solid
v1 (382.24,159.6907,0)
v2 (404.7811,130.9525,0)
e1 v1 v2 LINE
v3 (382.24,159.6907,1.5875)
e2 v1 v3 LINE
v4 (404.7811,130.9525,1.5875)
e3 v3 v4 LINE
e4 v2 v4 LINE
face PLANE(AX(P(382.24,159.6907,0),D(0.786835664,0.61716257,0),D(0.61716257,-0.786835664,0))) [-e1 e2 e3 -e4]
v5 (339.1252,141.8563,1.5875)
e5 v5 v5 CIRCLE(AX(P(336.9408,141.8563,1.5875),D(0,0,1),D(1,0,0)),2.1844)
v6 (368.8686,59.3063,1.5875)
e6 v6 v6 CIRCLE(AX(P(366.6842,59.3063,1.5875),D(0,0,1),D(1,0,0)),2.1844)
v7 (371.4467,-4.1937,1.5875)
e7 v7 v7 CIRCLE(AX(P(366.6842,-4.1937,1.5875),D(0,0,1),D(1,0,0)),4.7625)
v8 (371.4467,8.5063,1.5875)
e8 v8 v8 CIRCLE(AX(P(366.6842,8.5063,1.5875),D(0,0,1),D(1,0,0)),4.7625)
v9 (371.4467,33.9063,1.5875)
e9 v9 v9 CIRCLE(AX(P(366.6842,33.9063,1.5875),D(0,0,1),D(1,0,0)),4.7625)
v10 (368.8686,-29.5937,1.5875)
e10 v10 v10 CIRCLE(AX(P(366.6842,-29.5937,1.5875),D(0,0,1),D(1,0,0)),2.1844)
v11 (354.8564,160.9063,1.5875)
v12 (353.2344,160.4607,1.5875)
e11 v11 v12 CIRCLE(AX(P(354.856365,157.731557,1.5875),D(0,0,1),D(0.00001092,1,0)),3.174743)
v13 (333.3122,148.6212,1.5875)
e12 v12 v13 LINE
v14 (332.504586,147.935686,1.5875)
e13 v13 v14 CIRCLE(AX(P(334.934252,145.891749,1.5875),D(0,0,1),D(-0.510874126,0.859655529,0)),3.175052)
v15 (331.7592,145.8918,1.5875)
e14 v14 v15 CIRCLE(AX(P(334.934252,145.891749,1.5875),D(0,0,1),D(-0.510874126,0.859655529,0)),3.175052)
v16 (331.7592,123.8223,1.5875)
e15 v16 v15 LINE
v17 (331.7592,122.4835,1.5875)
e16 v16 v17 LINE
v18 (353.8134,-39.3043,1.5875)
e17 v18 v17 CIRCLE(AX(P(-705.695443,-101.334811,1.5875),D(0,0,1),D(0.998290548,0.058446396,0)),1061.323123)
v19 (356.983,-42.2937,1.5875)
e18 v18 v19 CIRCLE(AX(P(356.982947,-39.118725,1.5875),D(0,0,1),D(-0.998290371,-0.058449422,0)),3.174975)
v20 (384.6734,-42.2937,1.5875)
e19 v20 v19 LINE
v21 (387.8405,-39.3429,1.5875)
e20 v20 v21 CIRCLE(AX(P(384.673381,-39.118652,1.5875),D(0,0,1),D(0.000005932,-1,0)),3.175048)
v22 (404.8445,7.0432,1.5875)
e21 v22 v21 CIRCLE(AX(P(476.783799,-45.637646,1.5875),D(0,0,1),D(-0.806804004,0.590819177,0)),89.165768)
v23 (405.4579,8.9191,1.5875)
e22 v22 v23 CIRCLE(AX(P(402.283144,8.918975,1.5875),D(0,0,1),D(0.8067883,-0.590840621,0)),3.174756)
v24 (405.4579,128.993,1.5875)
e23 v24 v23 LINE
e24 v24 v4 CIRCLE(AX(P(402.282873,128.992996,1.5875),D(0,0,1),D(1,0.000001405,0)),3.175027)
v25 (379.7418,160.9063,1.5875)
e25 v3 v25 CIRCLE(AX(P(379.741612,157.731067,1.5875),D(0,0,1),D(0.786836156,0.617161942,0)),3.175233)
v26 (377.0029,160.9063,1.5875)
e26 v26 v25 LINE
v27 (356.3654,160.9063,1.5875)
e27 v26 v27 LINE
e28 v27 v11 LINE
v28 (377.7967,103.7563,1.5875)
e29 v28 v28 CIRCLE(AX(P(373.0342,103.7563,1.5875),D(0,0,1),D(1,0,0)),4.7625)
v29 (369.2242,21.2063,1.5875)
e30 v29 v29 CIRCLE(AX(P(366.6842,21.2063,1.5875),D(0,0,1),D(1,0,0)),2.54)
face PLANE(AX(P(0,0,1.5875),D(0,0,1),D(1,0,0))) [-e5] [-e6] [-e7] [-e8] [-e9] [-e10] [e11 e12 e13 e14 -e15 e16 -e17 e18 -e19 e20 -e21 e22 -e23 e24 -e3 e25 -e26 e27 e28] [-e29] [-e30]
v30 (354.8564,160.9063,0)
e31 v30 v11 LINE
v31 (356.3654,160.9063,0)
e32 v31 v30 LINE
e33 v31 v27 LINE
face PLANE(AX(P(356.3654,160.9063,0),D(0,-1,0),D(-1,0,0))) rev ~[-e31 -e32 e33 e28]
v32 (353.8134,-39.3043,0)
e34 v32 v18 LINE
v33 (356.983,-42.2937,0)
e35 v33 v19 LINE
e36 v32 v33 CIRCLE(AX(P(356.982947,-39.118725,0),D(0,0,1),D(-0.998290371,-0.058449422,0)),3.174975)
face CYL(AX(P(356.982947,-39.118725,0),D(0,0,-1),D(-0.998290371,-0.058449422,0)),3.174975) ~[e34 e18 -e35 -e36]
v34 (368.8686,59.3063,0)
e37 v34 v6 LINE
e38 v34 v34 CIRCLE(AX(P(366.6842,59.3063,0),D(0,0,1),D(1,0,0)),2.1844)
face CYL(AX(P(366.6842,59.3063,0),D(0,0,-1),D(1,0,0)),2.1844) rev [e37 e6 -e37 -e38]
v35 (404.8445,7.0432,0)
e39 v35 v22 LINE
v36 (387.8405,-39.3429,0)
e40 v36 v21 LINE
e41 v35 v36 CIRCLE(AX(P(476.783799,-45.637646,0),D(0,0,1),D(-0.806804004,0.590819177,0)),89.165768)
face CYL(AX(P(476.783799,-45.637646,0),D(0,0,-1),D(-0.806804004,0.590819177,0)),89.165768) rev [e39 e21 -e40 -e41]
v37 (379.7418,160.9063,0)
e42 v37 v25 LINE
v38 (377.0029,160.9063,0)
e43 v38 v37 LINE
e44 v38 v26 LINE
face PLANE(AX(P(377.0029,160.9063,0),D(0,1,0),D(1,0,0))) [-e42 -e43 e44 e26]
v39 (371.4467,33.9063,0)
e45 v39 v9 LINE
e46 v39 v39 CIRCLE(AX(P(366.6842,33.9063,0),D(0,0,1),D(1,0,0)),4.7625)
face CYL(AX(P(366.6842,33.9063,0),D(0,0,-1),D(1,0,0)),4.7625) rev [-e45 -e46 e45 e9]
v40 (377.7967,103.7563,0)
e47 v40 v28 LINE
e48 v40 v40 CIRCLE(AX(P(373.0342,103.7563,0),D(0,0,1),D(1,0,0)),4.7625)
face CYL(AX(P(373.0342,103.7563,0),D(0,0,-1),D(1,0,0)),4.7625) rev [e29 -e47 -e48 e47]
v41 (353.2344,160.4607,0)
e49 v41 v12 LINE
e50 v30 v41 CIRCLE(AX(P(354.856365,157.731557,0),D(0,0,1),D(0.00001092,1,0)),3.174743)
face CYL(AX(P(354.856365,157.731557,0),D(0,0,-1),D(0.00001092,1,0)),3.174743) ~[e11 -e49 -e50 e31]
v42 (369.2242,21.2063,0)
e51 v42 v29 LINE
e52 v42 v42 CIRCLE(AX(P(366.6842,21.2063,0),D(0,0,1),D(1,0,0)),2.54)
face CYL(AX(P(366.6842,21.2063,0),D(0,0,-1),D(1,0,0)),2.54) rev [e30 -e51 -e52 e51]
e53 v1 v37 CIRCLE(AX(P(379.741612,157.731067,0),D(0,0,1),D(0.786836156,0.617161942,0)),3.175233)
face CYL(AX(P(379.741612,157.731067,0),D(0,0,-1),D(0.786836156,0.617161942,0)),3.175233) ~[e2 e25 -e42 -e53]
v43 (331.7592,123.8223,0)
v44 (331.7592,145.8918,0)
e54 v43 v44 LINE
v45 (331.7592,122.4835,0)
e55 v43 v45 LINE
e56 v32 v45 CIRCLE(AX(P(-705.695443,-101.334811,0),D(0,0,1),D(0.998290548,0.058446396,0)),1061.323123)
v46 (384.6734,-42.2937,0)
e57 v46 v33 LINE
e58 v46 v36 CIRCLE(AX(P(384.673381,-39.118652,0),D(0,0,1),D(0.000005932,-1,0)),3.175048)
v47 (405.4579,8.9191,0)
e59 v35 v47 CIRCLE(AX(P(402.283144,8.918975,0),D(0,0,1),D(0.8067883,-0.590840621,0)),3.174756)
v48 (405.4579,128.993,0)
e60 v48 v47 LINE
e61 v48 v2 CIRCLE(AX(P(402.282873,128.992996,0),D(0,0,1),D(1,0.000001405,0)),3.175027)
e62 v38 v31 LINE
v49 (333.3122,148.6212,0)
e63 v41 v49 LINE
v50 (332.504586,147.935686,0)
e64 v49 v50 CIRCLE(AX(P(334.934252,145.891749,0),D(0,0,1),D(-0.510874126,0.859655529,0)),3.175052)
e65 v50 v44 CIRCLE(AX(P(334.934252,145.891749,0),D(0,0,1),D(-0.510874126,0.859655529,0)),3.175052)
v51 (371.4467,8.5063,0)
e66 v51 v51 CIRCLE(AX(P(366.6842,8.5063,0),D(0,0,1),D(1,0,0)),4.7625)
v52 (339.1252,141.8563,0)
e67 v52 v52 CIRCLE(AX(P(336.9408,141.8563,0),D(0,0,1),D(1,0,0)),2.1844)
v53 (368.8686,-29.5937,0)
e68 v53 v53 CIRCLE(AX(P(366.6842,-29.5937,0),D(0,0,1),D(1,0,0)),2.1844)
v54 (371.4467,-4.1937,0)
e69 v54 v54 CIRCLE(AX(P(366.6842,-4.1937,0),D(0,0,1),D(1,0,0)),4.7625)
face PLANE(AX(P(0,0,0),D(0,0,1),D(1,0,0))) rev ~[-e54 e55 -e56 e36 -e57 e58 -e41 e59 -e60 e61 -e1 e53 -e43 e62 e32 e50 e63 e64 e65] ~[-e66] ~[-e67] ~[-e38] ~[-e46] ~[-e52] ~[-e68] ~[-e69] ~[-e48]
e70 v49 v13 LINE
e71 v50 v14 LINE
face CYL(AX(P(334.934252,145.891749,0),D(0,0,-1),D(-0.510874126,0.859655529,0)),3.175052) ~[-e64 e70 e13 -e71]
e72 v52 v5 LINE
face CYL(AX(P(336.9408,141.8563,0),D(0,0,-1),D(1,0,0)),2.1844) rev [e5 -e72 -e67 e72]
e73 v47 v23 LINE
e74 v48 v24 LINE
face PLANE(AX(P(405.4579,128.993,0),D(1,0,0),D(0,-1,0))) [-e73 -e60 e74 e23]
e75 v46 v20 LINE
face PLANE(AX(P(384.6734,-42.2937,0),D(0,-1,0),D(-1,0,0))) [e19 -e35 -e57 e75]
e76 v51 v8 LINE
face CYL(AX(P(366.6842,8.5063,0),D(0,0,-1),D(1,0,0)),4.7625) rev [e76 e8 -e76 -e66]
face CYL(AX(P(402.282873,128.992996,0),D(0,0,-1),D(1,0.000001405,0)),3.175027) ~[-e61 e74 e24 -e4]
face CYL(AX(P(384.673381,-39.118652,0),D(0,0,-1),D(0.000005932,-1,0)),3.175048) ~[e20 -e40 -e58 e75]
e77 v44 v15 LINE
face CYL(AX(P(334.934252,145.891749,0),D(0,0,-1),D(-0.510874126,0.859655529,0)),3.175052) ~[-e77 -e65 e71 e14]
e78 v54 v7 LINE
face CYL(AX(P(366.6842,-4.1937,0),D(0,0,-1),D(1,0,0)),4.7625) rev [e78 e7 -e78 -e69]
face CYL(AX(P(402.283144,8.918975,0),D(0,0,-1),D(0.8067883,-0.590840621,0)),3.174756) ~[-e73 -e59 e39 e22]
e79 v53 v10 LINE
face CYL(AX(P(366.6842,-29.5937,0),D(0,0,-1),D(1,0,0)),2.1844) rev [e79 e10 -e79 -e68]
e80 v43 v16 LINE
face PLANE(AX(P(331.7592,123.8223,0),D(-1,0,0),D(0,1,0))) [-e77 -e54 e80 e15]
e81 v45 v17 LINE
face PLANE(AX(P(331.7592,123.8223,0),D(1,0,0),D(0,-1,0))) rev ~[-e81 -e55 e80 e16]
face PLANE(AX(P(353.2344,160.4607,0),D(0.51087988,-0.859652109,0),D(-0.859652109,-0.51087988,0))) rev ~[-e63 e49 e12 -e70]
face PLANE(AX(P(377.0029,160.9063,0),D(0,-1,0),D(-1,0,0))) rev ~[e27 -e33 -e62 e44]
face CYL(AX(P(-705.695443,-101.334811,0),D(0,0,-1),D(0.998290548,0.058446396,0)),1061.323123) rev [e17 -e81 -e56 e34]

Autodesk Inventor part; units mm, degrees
ref_plane "YZ Plane" through (0, 0, 0) normal (1, 0, 0) x (0, 1, 0)
ref_plane "XZ Plane" through (0, 0, 0) normal (0, 1, 0) x (-1, 0, 0)
ref_plane "XY Plane" through (0, 0, 0) normal (0, 0, 1) x (1, 0, 0)
sketch "Sketch1" plane through (0, 0, 0) normal (0, 0, 1) x (1, 0, 0)
  line L0 (377.0029, 160.9063) -> (356.3654, 160.9063)
  circle A0 centre (336.9408, 141.8563) radius 2.1844
  line L1 (331.7592, 123.8223) -> (331.7592, 147.1903)
  line L2 (331.7592, 147.1903) -> (332.7752, 148.2063)
  line L3 (332.7752, 148.2063) -> (342.0779, 148.2063)
  line L4 (356.3654, 160.9063) -> (353.9842, 160.9063)
  line L5 (354.8564, 160.9063) -> (379.7418, 160.9063)
  line L6 (382.24, 159.6907) -> (404.7811, 130.9525)
  line L7 (405.4579, 128.993) -> (405.4579, 8.9191)
  line L8 (353.2344, 160.4607) -> (333.3122, 148.6212)
  line L9 (331.7592, 145.8918) -> (331.7592, 122.4835)
  arc A1 (404.8445, 7.0432) -> (387.8405, -39.3429) centre (476.7839, -45.6377) ccw
  line L10 (384.6734, -42.2937) -> (356.983, -42.2937)
  arc A2 (353.8134, -39.3043) -> (331.7592, 122.4835) centre (-705.6943, -101.3347) ccw
  arc A3 (333.3122, 148.6212) -> (331.7592, 145.8918) centre (334.9342, 145.8918) ccw
  arc A4 (354.8564, 160.9063) -> (353.2344, 160.4607) centre (354.8564, 157.7313) ccw
  arc A5 (382.24, 159.6907) -> (379.7418, 160.9063) centre (379.7418, 157.7313) ccw
  arc A6 (405.4579, 128.993) -> (404.7811, 130.9525) centre (402.2829, 128.993) ccw
  arc A7 (404.8445, 7.0432) -> (405.4579, 8.9191) centre (402.2829, 8.9191) ccw
  arc A8 (384.6734, -42.2937) -> (387.8405, -39.3429) centre (384.6734, -39.1187) ccw
  arc A9 (353.8134, -39.3043) -> (356.983, -42.2937) centre (356.983, -39.1187) ccw
  circle A10 centre (373.0342, 103.7563) radius 4.7625
  circle A11 centre (366.6842, 59.3063) radius 2.1844
  circle A12 centre (366.6842, 21.2063) radius 2.54
  circle A13 centre (366.6842, 33.9063) radius 4.7625
  circle A14 centre (366.6842, 8.5063) radius 4.7625
  circle A15 centre (366.6842, -4.1937) radius 4.7625
  circle A16 centre (366.6842, -29.5937) radius 2.1844
  point P0 (0, 0)
  point P1 (405.4579, 7.8708)
  point P2 (387.6807, -42.2937)
  point P3 (353.9842, -42.2937)
  dimension "d1" = 3.175
  dimension "d2" = 3.175
  dimension "d3" = 9.525
  dimension "d4" = 4.3688
  dimension "d5" = 5.08
  dimension "d6" = 9.525
  dimension "d7" = 9.525
  dimension "d8" = 9.525
  dimension "d9" = 4.3688
extrude "Extrusion1" add sketch "Sketch1" along normal blind 1.5875 contours L5 A5 L6 A6 L7 A7 A1 A8 L10 A9 A2 L9 L1 A3 L8 A4 L4 L0
